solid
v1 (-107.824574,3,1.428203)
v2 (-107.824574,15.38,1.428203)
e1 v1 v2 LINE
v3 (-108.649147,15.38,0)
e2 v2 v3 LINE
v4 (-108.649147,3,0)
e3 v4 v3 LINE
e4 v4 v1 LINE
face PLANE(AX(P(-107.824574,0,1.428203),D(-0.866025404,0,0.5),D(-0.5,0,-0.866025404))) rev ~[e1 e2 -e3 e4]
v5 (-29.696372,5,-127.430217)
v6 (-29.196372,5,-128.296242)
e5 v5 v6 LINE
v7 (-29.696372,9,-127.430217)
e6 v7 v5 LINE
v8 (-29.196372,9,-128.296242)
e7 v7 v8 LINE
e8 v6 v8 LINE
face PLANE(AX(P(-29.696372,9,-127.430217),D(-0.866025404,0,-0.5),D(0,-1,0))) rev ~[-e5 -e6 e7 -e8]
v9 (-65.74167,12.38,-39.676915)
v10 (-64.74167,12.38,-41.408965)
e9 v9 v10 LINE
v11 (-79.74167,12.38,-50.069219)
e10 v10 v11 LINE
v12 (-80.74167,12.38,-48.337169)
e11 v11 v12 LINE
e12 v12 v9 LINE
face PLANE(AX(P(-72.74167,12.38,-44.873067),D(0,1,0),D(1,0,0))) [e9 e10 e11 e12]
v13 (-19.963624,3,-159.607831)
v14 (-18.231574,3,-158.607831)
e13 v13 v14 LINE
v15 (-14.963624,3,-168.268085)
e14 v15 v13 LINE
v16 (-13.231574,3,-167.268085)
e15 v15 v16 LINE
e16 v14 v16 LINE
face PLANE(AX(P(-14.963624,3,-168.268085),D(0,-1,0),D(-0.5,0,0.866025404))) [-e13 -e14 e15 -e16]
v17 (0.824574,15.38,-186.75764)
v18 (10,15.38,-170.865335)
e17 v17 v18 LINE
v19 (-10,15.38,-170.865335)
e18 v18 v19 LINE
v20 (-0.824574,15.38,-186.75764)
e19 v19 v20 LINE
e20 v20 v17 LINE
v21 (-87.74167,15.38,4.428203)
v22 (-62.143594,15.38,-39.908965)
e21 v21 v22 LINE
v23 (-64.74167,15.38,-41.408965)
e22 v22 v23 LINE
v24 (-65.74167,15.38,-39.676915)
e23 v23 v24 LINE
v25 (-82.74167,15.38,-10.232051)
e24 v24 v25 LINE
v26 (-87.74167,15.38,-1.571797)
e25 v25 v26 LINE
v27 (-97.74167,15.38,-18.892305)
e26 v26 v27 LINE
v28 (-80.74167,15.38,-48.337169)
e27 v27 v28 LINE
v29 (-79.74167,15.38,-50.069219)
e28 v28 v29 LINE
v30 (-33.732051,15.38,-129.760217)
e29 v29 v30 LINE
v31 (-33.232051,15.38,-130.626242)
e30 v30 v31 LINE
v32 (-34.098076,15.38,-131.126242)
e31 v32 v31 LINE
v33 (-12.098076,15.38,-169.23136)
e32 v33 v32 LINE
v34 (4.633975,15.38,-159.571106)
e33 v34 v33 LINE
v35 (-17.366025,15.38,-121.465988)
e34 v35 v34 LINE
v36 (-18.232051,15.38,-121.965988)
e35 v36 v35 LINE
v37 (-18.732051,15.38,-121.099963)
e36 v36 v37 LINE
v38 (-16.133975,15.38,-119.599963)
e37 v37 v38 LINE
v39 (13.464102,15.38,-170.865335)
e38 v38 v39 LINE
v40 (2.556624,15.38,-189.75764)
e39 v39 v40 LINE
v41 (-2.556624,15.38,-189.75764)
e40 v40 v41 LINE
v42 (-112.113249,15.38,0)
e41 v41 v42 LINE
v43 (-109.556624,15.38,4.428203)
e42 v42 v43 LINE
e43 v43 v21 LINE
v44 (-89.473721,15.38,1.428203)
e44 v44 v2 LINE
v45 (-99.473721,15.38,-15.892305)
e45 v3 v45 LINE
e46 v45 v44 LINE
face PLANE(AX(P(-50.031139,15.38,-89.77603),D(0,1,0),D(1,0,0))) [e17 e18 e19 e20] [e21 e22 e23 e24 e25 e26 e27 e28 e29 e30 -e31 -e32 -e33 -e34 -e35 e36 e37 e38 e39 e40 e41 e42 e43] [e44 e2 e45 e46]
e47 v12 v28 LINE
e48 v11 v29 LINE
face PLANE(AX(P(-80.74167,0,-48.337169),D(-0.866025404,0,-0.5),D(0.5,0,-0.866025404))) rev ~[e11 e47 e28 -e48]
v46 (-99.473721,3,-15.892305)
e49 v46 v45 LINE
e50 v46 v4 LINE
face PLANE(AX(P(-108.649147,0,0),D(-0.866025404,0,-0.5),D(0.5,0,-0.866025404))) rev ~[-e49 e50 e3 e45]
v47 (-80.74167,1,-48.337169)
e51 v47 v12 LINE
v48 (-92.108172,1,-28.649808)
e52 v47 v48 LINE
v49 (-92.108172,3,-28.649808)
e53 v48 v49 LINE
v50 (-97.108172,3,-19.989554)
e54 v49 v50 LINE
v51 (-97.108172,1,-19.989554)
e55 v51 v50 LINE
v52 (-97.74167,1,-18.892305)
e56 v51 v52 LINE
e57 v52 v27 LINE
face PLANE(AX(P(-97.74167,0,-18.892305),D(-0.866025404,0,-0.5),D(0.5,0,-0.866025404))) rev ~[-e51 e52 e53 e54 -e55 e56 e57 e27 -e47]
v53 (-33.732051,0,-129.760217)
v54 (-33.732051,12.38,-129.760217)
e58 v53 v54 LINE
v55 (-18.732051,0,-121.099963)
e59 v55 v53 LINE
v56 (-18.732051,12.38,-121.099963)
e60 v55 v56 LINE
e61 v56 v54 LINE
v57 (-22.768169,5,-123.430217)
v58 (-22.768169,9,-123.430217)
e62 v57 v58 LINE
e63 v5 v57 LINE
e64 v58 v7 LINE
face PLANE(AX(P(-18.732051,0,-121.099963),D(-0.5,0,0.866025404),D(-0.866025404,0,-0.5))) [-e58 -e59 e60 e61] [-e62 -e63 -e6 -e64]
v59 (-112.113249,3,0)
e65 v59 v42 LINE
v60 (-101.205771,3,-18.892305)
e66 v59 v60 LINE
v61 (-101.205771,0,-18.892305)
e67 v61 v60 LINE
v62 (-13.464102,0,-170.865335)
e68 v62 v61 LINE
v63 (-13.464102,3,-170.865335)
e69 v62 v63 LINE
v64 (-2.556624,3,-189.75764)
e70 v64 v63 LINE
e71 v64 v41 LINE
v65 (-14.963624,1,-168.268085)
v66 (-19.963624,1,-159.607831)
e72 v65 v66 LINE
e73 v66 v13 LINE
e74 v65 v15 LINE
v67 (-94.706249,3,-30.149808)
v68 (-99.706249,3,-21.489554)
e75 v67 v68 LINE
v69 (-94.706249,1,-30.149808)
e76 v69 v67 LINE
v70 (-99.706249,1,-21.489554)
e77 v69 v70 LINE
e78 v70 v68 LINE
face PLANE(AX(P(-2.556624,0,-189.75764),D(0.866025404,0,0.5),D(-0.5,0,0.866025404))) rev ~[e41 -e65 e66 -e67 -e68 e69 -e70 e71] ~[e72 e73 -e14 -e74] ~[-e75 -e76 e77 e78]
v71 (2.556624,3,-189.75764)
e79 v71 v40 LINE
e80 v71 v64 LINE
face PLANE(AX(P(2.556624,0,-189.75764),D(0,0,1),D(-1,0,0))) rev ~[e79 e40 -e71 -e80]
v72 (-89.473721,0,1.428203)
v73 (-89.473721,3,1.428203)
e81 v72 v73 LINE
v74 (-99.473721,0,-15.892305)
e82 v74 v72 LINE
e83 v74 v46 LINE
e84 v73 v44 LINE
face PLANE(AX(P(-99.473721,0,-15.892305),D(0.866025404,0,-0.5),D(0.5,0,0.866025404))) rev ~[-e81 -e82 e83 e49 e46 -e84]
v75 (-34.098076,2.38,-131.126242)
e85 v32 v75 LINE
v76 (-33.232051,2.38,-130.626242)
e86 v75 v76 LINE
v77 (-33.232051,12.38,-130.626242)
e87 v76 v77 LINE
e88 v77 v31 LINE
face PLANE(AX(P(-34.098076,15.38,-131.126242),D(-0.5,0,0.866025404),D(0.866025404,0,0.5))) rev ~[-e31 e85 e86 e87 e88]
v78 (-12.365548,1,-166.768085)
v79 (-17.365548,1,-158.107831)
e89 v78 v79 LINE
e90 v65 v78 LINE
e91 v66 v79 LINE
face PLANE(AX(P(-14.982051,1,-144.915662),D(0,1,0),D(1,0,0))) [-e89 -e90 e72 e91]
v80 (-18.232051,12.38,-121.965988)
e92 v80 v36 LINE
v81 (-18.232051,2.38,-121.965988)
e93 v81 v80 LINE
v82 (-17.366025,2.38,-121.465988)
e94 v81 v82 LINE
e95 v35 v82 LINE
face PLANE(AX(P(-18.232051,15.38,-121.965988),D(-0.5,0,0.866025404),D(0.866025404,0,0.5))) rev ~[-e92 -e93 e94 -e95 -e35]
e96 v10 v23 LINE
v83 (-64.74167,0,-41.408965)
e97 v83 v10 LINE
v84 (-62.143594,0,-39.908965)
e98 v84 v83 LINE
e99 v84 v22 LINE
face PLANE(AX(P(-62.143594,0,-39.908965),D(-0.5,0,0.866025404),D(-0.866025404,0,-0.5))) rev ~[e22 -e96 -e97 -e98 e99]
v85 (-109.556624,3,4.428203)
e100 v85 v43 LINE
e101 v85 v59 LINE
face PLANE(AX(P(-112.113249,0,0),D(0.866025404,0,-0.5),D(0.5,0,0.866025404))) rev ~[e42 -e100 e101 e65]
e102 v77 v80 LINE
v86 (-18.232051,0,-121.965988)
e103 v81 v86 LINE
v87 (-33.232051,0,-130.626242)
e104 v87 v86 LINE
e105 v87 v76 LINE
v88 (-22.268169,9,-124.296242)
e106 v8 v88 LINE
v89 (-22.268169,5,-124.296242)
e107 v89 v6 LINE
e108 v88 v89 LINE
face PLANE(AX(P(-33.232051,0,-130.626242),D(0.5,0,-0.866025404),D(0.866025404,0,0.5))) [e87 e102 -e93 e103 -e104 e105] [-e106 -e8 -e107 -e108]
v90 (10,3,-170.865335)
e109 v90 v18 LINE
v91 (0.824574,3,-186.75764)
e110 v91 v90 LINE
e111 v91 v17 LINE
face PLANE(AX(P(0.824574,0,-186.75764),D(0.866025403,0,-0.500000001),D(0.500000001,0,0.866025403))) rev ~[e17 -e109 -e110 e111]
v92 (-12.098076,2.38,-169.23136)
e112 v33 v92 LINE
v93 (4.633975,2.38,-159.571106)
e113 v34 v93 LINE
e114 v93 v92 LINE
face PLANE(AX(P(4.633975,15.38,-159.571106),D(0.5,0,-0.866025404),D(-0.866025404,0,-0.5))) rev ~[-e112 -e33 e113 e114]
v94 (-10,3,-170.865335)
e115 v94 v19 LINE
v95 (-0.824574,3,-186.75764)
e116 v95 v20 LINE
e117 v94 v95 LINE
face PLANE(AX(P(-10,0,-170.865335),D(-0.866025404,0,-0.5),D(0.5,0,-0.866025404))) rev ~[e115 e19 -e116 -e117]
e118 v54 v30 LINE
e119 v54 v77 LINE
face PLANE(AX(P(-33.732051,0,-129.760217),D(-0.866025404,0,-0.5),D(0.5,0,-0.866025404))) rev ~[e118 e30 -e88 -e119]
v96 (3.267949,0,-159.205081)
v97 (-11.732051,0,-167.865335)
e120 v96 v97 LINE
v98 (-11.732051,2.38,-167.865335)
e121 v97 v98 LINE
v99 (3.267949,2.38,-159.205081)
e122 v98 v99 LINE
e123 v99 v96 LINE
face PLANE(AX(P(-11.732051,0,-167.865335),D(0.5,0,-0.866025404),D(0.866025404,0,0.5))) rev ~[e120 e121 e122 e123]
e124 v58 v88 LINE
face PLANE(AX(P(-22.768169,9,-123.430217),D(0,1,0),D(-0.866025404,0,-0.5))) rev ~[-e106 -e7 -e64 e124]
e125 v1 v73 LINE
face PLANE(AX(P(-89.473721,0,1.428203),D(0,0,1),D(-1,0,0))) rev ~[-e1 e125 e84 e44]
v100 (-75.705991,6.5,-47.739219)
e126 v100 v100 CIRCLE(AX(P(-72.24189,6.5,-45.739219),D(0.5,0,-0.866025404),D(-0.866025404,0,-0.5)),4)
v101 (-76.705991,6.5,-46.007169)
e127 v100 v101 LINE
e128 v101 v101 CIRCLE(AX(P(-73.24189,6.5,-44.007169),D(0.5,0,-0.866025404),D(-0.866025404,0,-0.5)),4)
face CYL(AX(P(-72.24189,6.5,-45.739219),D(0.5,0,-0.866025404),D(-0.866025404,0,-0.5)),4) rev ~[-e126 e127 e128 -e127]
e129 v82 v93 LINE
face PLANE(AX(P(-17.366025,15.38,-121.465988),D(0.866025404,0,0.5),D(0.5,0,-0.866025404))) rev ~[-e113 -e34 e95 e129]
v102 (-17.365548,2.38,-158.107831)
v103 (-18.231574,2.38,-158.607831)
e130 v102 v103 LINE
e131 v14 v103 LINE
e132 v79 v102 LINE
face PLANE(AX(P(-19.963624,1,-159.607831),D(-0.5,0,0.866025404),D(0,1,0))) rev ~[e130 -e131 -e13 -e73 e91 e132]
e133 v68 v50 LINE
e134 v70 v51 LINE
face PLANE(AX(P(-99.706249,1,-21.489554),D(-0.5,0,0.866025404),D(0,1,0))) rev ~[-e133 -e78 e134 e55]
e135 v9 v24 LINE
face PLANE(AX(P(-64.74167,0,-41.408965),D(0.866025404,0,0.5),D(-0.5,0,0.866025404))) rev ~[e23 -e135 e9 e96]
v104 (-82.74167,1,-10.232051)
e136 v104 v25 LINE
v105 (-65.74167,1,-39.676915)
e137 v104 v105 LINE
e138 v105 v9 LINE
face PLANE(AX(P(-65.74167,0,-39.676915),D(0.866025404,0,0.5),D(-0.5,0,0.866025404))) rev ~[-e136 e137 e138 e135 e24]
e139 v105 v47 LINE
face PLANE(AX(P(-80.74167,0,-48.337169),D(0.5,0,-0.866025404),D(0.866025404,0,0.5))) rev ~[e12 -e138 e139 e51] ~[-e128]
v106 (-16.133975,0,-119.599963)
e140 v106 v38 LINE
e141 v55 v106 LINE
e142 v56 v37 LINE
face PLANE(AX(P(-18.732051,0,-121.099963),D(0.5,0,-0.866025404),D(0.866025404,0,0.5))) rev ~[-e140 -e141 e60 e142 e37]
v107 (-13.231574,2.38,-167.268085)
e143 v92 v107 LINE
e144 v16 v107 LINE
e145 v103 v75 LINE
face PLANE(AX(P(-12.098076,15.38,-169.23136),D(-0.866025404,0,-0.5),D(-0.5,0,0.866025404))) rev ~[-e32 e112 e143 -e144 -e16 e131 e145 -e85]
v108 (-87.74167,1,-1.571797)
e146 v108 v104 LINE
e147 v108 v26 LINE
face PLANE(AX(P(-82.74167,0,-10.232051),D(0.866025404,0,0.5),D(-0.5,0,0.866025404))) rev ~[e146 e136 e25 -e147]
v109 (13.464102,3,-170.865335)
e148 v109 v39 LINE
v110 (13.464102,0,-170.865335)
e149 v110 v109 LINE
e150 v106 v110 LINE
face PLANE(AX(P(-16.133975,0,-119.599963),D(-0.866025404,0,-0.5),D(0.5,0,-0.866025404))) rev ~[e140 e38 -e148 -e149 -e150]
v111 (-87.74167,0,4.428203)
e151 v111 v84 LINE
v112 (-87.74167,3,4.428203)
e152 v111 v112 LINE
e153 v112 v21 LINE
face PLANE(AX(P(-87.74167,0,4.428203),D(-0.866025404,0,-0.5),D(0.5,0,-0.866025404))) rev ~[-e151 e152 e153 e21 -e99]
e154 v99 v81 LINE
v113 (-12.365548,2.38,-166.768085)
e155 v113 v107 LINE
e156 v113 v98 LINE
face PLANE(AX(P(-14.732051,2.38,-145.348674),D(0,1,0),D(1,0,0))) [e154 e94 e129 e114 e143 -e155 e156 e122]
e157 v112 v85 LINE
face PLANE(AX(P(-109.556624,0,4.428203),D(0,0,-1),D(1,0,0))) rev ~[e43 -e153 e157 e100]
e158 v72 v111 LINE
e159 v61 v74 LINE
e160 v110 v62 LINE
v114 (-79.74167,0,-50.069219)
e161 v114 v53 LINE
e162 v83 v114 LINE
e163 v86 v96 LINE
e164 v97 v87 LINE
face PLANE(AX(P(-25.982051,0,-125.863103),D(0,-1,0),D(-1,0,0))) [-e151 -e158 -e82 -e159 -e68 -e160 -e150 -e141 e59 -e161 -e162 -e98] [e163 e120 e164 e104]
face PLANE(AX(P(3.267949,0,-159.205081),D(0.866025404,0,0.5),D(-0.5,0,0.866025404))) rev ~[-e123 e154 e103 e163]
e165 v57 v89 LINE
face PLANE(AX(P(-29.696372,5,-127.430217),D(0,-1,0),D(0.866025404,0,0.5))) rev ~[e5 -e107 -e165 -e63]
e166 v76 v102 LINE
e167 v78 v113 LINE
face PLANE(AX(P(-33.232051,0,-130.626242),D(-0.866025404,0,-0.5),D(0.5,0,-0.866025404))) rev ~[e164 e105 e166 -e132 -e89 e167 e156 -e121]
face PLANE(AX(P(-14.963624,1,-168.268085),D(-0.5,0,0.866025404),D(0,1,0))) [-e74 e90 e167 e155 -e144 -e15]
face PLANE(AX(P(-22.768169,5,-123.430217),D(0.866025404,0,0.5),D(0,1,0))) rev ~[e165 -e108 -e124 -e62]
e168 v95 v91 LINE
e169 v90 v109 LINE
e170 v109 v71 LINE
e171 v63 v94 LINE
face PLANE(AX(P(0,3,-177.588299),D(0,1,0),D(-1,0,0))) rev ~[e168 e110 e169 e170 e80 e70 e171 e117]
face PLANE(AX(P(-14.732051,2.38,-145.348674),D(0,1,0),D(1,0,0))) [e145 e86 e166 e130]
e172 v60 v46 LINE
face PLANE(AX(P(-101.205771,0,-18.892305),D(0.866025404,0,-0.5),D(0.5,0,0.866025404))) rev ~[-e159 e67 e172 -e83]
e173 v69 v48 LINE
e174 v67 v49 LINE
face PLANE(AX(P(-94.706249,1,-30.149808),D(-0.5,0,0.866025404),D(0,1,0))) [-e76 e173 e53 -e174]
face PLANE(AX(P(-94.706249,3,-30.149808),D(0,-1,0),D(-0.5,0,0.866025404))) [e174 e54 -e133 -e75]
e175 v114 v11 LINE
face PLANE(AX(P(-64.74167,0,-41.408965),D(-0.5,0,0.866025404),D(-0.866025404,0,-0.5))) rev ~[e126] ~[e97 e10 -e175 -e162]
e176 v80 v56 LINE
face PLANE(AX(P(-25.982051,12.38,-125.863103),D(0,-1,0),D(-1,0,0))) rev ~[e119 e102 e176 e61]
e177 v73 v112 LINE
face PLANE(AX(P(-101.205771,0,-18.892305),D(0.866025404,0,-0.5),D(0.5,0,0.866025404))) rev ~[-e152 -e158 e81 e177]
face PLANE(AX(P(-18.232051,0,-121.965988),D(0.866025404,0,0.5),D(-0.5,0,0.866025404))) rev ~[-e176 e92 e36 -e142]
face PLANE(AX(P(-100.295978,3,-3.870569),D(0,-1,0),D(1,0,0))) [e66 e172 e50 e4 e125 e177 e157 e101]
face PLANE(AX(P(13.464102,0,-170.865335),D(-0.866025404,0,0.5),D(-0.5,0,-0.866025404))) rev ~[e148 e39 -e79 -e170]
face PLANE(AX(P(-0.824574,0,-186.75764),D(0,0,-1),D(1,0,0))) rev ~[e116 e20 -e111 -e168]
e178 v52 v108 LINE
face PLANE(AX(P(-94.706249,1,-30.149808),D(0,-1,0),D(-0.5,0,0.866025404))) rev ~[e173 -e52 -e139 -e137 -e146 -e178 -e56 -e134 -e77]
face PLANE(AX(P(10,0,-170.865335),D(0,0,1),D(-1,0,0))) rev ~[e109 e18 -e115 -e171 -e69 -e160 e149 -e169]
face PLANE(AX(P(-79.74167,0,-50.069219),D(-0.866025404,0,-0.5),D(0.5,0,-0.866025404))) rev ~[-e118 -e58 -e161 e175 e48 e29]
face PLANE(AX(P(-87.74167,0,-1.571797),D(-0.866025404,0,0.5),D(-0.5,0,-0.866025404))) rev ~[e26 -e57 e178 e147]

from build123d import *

# Parameters (mm, degrees)
BOSS_EXTRUDE2_DEPTH = 15.38
BOSS_EXTRUDE3_DEPTH = 1
BOSS_EXTRUDE4_DEPTH = 12.38
CUT_EXTRUDE1_DEPTH  = 8.26
SKETCH12_R          = 4
CUT_EXTRUDE2_DEPTH  = 8.26
CUT_EXTRUDE3_DEPTH  = 3
SKETCH16_W          = 10
SKETCH16_H          = 2
CUT_EXTRUDE4_DEPTH  = 3
CUT_EXTRUDE5_DEPTH  = 13
CUT_EXTRUDE6_DEPTH  = 1


with BuildPart() as part:
    # Sketch1 → Boss-Extrude2 (new body)
    with BuildSketch(Plane(origin=(0, 0, 0), x_dir=(1, 0, 0), z_dir=(0, 1, 0))):
        Polygon((-33.232050802, 130.626242439), (-11.732050802, 167.865334802), (3.267949197, 159.205080764), (-18.232050803, 121.965988402), (-18.732050803, 121.099962998), (-16.133974592, 119.599962998), (13.464101619, 170.865334801), (2.556624332, 189.757639644), (-2.556624322, 189.757639644), (-112.11324865, 2e-09), (-109.556624323, -4.428203228), (-87.74166975, -4.428203228), (-62.14359354, 39.908965344), (-64.74166975, 41.408965344), (-65.74166975, 39.676914536), (-82.74166975, 10.232050807), (-87.74166975, 1.57179677), (-97.741669749, 18.892304845), (-80.741669749, 48.337168573), (-79.741669749, 50.069219381), (-33.732050802, 129.760217035), align=None)
        Polygon((-89.473720558, -1.42820323), (-107.824573519, -1.42820323), (-108.649147039, 0), (-99.473720558, 15.892304845), align=None, mode=Mode.SUBTRACT)
        Polygon((-9.999999996, 170.865334801), (-0.824573515, 186.757639646), (0.824573508, 186.757639646), (10.000000004, 170.865334801), align=None, mode=Mode.SUBTRACT)
    extrude(amount=BOSS_EXTRUDE2_DEPTH)

    # Sketch1<11> → Boss-Extrude3 (add)
    with BuildSketch(Plane(origin=(0, 0, 0), x_dir=(1, 0, 0), z_dir=(0, 1, 0))):
        Polygon((3.267949197, 159.205080764), (-11.732050802, 167.865334802), (-33.232050802, 130.626242439), (-18.232050803, 121.965988402), align=None)
        Polygon((-65.74166975, 39.676914536), (-80.741669749, 48.337168573), (-97.741669749, 18.892304845), (-87.74166975, 1.57179677), align=None)
    extrude(amount=BOSS_EXTRUDE3_DEPTH)

    # Sketch1<12> → Boss-Extrude4 (add)
    with BuildSketch(Plane(origin=(0, 0, 0), x_dir=(1, 0, 0), z_dir=(0, 1, 0))):
        Polygon((-18.232050803, 121.965988402), (-33.232050802, 130.626242439), (-33.732050802, 129.760217035), (-18.732050803, 121.099962998), align=None)
        Polygon((-64.74166975, 41.408965344), (-79.741669749, 50.069219381), (-80.741669749, 48.337168573), (-65.74166975, 39.676914536), align=None)
    extrude(amount=BOSS_EXTRUDE4_DEPTH)

    # Sketch10 → Cut-Extrude1 (cut)
    with BuildSketch(Plane(origin=(47.754809476, 0, -82.713756318), x_dir=(0.8660254037844418, 0, 0.49999999999999456), z_dir=(-0.4999999999999946, 0, 0.8660254037844419))):
        Polygon((-85.432921433, 5), (-81.432921433, 5), (-81.432921433, 9), (-89.432921433, 9), (-89.432921433, 5), align=None)
    extrude(amount=-CUT_EXTRUDE1_DEPTH, mode=Mode.SUBTRACT)

    # Sketch12 → Cut-Extrude2 (cut)
    with BuildSketch(Plane(origin=(1.745190528, 0, -3.022758664), x_dir=(-0.866025403784436, 0, -0.5000000000000047), z_dir=(0.5000000000000047, 0, -0.866025403784436))):
        with Locations((85.432921433, 6.5)):
            Circle(SKETCH12_R)
    extrude(amount=-CUT_EXTRUDE2_DEPTH, mode=Mode.SUBTRACT)

    # Sketch15 → Cut-Extrude3 (cut)
    with BuildSketch(Plane.XZ):
        Polygon((-87.74166975, 4.428203228), (-109.556624323, 4.428203228), (-112.11324865, -2e-09), (-101.205771363, -18.892304845), align=None)
        Polygon((13.464101619, -170.865334801), (2.556624332, -189.757639644), (-2.556624322, -189.757639644), (-13.464101609, -170.865334801), align=None)
    extrude(amount=-CUT_EXTRUDE3_DEPTH, mode=Mode.SUBTRACT)

    # Sketch16 → Cut-Extrude4 (cut)
    with BuildSketch(Plane(origin=(-84.084936489, 0, -48.546460716), x_dir=(-0.4999999999999999, 0, 0.8660254037844386), z_dir=(-0.8660254037844387, 0, -0.49999999999999994))):
        with Locations((-133.242624333, 2)):
            Rectangle(SKETCH16_W, SKETCH16_H)
        with Locations((26.242624323, 2)):
            Rectangle(SKETCH16_W, SKETCH16_H)
    extrude(amount=-CUT_EXTRUDE4_DEPTH, mode=Mode.SUBTRACT)

    # Sketch17 → Cut-Extrude5 (cut)
    with BuildSketch(Plane(origin=(0, 15.38, 0), x_dir=(1, 0, 0), z_dir=(0, 1, 0))):
        Polygon((-18.232050803, 121.965988402), (-17.366025399, 121.465988402), (4.633974601, 159.571106168), (-12.098076205, 169.231360205), (-34.098076205, 131.126242439), (-33.232050802, 130.626242439), align=None)
    extrude(amount=-CUT_EXTRUDE5_DEPTH, mode=Mode.SUBTRACT)

    # Sketch18 → Cut-Extrude6 (cut)
    with BuildSketch(Plane.XZ):
        Polygon((-18.232050803, -121.965988402), (3.267949197, -159.205080764), (-11.732050802, -167.865334802), (-33.232050802, -130.626242439), align=None)
    extrude(amount=-CUT_EXTRUDE6_DEPTH, mode=Mode.SUBTRACT)


solid = part.part
